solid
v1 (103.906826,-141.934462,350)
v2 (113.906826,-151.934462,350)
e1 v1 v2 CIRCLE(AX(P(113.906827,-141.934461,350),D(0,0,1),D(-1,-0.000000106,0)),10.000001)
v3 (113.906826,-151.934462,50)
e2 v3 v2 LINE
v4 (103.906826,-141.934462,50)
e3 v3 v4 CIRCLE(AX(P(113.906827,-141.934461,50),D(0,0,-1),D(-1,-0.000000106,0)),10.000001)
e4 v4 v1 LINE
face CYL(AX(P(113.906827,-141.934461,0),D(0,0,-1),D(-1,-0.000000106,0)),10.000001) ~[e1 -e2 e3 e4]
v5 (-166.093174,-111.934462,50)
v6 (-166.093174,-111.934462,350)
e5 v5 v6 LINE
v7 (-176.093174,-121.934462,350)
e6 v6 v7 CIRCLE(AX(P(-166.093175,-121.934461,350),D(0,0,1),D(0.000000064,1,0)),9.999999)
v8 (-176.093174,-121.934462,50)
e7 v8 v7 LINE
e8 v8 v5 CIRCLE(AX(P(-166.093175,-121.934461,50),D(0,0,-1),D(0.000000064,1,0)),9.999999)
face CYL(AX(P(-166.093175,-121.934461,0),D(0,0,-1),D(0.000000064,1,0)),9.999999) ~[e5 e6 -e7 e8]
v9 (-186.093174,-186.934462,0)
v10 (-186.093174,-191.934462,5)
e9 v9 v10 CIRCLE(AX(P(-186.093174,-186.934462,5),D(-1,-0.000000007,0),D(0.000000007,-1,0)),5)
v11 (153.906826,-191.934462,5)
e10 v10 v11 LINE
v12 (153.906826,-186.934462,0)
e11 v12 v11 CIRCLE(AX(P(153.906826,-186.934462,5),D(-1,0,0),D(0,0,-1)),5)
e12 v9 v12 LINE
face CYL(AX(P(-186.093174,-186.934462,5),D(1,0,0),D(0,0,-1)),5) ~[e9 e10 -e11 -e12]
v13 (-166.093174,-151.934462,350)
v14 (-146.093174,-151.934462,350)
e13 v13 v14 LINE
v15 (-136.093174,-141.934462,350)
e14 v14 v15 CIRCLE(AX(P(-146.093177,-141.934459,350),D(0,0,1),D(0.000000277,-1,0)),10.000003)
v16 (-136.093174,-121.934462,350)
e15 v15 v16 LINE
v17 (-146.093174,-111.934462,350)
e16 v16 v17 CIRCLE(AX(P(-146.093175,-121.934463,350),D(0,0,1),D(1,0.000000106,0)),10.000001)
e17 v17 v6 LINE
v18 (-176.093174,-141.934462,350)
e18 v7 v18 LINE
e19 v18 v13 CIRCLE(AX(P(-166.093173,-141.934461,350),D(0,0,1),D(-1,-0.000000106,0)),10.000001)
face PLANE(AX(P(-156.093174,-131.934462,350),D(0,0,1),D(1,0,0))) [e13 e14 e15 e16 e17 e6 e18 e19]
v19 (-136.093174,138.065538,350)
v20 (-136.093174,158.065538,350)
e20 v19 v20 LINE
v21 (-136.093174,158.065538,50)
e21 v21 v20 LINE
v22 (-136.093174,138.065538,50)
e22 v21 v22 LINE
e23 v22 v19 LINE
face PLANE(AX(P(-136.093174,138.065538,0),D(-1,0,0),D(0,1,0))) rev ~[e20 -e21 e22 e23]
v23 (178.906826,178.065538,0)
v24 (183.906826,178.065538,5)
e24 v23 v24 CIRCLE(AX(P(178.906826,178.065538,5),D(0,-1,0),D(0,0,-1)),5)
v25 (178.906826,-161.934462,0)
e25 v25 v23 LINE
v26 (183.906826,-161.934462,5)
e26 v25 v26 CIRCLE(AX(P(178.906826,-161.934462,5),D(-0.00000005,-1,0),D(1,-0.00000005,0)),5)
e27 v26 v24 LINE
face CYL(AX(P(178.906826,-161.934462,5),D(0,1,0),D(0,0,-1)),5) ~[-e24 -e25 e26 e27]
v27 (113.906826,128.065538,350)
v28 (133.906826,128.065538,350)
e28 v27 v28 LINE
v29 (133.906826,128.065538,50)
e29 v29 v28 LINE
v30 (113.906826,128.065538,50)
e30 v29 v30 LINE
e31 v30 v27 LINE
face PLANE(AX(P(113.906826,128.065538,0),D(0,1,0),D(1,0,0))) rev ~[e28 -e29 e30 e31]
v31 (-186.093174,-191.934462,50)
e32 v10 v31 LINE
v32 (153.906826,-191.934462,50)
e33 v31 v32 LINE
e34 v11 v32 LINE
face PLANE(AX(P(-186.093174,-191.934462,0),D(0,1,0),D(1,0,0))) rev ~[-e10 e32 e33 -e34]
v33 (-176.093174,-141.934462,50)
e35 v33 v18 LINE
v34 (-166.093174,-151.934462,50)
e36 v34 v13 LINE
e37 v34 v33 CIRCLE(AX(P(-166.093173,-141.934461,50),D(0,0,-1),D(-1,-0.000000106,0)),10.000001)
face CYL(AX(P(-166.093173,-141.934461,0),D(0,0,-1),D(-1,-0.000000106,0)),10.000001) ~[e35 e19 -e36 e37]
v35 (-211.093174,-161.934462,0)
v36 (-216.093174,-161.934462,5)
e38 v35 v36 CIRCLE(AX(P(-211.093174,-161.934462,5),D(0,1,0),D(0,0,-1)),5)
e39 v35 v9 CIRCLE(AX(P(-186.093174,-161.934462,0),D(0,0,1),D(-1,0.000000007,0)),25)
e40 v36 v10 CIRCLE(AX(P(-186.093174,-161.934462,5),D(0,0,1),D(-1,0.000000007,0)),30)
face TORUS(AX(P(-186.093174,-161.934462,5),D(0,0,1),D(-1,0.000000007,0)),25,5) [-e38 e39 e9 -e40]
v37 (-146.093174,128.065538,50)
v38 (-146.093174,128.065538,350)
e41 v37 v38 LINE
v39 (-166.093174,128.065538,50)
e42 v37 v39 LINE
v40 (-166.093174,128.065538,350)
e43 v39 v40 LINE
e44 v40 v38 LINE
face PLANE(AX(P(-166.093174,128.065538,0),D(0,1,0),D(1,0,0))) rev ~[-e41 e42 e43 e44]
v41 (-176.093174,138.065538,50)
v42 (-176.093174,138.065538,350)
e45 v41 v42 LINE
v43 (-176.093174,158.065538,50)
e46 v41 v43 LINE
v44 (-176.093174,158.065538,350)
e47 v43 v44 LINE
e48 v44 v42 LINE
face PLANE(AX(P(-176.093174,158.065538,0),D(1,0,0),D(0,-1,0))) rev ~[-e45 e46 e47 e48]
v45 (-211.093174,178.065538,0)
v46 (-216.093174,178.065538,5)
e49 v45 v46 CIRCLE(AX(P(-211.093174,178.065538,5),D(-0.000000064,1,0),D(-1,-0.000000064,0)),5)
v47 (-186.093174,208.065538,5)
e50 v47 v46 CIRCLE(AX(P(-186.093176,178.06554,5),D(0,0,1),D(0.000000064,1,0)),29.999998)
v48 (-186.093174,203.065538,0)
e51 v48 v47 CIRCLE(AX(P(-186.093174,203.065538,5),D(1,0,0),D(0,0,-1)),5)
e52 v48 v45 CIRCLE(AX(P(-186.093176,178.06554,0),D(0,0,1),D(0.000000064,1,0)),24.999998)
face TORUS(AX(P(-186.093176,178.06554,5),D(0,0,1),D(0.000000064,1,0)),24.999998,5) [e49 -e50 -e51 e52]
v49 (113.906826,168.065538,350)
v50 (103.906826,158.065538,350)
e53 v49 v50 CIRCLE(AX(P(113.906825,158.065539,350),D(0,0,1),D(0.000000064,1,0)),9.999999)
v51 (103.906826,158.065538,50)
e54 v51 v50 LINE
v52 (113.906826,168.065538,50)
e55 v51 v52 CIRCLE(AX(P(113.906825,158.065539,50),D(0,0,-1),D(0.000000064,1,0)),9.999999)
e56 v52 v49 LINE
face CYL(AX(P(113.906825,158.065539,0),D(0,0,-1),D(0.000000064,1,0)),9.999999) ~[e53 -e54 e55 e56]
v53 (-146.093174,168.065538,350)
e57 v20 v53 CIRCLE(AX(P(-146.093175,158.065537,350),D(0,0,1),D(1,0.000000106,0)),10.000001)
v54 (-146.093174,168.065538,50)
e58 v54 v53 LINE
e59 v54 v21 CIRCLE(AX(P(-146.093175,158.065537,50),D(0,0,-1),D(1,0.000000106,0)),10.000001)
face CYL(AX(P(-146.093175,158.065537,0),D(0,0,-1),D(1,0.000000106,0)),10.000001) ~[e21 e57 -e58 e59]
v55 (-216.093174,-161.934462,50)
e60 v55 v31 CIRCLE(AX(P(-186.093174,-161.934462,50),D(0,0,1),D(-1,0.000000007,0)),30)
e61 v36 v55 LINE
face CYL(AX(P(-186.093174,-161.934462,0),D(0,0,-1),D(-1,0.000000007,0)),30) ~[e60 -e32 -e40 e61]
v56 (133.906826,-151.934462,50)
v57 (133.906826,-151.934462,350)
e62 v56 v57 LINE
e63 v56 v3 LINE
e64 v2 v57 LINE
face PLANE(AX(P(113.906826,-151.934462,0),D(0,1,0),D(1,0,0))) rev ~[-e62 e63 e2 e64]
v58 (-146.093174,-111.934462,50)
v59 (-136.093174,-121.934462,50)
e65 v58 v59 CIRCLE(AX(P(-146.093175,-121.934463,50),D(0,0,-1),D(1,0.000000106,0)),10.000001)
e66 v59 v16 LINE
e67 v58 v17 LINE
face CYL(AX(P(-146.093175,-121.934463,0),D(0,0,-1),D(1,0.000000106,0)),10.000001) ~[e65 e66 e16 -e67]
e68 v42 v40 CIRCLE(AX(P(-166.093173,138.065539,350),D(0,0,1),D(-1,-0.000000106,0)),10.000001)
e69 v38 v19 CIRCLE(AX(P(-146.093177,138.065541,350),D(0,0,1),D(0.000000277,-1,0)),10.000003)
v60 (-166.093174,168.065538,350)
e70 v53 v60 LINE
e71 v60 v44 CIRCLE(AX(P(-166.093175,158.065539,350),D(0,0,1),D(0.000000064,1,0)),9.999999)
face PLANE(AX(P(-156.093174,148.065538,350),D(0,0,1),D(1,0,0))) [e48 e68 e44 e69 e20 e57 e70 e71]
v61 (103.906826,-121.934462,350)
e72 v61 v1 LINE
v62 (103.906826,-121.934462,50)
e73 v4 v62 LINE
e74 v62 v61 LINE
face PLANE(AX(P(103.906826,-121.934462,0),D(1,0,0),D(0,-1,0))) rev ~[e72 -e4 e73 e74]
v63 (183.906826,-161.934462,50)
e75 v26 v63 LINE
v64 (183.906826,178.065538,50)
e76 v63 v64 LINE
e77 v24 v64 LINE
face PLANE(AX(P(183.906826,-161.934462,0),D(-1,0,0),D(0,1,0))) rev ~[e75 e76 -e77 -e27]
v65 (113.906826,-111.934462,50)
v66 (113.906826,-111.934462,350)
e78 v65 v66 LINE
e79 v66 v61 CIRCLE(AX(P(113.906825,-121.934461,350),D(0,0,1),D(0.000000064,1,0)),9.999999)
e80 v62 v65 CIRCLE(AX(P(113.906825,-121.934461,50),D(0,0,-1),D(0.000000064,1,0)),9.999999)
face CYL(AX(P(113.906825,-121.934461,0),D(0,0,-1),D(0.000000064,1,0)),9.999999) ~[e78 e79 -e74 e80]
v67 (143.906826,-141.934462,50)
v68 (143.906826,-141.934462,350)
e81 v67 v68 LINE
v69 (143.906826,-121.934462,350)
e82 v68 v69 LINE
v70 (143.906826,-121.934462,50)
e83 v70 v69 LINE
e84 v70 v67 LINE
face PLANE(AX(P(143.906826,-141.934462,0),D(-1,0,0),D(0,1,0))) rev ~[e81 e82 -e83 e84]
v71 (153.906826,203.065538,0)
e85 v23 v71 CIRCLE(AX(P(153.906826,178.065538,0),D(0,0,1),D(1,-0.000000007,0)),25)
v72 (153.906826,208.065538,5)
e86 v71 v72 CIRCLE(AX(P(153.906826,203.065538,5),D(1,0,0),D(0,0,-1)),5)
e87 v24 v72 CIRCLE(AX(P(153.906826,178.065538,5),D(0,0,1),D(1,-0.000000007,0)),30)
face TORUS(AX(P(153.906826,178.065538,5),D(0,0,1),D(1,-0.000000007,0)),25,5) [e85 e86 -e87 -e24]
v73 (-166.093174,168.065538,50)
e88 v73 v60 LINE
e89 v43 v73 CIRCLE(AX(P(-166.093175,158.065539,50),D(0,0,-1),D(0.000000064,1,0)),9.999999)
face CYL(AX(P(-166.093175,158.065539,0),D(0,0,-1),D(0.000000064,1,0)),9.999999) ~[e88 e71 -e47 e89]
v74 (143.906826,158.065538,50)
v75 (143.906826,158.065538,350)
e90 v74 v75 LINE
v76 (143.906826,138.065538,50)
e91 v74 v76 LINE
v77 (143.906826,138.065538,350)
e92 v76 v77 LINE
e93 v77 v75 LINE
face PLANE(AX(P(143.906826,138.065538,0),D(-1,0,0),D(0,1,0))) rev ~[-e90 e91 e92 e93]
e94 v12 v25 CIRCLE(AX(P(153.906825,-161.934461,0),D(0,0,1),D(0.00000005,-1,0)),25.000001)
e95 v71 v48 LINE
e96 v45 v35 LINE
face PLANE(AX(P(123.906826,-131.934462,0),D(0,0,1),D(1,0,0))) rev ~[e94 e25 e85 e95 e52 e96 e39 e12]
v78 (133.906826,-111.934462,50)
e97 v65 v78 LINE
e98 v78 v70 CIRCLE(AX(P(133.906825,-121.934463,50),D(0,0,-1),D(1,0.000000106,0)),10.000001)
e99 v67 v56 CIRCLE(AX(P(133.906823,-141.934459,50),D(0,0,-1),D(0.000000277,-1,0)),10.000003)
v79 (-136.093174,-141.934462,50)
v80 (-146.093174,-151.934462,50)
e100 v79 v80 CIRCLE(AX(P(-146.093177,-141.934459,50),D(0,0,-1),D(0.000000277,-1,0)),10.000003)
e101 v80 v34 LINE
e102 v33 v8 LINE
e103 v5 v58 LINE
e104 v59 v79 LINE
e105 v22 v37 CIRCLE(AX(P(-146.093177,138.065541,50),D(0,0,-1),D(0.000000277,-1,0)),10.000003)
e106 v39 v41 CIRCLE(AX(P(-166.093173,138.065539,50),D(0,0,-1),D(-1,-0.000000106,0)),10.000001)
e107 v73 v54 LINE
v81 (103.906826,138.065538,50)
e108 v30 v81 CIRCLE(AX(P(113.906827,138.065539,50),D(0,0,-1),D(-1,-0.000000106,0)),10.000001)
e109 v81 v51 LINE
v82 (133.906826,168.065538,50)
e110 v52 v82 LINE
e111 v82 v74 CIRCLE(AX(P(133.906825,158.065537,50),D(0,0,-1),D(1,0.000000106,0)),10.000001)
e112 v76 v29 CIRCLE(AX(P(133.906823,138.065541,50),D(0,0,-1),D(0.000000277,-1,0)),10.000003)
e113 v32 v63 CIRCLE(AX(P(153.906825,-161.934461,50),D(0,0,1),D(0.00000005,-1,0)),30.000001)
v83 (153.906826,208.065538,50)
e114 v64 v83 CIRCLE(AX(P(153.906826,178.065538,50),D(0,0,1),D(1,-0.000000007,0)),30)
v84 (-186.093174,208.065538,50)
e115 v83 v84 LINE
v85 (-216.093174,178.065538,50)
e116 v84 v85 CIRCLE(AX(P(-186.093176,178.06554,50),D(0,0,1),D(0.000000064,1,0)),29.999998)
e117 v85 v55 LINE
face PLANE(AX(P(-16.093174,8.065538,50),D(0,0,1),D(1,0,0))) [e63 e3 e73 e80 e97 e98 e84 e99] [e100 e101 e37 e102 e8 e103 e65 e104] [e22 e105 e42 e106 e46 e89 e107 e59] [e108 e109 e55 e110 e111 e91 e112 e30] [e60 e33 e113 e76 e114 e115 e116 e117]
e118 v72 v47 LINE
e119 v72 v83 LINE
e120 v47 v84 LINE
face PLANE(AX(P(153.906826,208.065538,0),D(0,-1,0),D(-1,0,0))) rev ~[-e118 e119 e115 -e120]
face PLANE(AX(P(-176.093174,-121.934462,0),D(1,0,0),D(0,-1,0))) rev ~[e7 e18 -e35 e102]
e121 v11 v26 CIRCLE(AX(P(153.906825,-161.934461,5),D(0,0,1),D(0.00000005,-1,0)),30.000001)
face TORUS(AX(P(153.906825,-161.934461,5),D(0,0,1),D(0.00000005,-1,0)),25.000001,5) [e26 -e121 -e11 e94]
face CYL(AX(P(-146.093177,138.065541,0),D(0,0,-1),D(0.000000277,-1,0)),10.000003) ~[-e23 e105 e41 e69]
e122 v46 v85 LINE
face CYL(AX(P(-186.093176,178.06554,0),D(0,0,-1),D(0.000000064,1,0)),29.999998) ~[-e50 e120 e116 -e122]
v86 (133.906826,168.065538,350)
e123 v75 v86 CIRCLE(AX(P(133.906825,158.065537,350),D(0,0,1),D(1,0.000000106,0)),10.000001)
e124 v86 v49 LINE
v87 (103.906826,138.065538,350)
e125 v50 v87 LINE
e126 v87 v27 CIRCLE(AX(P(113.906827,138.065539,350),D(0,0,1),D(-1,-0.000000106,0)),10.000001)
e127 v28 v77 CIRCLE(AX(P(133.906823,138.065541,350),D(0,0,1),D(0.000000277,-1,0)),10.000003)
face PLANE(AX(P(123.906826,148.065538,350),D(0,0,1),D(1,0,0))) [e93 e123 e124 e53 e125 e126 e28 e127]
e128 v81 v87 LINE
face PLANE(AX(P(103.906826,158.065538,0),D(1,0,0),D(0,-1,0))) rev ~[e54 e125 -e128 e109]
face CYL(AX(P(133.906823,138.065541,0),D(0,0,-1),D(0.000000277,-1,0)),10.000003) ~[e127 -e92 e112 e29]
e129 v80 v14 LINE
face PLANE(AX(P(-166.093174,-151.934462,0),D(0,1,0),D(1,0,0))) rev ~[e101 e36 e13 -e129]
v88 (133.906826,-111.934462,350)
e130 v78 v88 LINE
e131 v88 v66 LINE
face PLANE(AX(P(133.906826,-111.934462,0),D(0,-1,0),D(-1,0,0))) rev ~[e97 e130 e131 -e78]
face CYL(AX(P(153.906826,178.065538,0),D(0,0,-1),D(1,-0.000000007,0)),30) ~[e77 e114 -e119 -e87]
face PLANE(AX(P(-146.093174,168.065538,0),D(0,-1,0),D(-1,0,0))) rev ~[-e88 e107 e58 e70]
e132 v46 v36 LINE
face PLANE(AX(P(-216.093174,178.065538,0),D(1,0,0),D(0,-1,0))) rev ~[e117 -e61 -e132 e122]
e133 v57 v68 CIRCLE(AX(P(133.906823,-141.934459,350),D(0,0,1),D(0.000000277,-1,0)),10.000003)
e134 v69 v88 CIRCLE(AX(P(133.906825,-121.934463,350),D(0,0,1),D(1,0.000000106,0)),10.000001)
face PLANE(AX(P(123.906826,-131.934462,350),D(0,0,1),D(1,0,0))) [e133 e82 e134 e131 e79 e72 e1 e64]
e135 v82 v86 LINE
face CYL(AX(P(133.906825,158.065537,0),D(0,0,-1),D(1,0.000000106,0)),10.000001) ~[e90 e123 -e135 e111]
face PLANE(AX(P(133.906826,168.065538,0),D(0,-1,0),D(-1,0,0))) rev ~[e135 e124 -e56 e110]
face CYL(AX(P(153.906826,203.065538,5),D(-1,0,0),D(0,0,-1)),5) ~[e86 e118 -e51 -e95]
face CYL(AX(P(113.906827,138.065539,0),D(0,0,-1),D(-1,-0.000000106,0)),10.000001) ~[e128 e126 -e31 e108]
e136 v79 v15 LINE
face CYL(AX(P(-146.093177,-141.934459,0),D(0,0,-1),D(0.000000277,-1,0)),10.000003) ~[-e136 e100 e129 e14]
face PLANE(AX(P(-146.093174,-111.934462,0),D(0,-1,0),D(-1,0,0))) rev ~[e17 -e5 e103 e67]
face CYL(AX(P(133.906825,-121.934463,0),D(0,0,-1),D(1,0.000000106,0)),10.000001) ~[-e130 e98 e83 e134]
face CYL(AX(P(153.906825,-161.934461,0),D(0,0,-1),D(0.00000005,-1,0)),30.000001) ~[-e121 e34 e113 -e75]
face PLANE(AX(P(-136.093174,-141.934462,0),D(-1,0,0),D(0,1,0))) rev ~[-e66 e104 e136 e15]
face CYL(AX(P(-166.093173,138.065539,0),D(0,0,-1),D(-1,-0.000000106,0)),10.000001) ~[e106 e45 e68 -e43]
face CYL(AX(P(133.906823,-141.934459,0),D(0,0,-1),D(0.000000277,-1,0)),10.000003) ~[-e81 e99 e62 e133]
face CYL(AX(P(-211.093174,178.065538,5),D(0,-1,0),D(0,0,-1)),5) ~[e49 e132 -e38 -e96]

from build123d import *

# Parameters (mm, degrees)
F1_DEPTH = 50
F3_DEPTH = 350
F4_R     = 5


with BuildPart() as f1:
    # F0 (on Top) → F1 (new body)
    with BuildSketch(Plane.XY):
        with BuildLine():
            Line((153.906826, 208.065538), (-186.093174, 208.065538))
            ThreePointArc((-186.093174, 208.065538), (-207.306378, 199.278742), (-216.093174, 178.065538))
            Line((-216.093174, 178.065538), (-216.093174, -161.934462))
            ThreePointArc((-216.093174, -161.934462), (-207.306378, -183.147665), (-186.093174, -191.934462))
            Line((-186.093174, -191.934462), (153.906826, -191.934462))
            ThreePointArc((153.906826, -191.934462), (175.120029, -183.147665), (183.906826, -161.934462))
            Line((183.906826, -161.934462), (183.906826, 178.065538))
            ThreePointArc((183.906826, 178.065538), (175.120029, 199.278742), (153.906826, 208.065538))
        make_face()
    extrude(amount=F1_DEPTH)

    # F2 (on Top) → F3 (join)
    with BuildSketch(Plane.XY):
        with BuildLine():
            Line((113.906826, -151.934462), (133.906826, -151.934462))
            ThreePointArc((133.906826, -151.934462), (140.977893, -149.005529), (143.906826, -141.934462))
            Line((143.906826, -141.934462), (143.906826, -121.934462))
            ThreePointArc((143.906826, -121.934462), (140.977893, -114.863394), (133.906826, -111.934462))
            Line((133.906826, -111.934462), (113.906826, -111.934462))
            ThreePointArc((113.906826, -111.934462), (106.835758, -114.863394), (103.906826, -121.934462))
            Line((103.906826, -121.934462), (103.906826, -141.934462))
            ThreePointArc((103.906826, -141.934462), (106.835758, -149.005529), (113.906826, -151.934462))
        make_face()
        with BuildLine():
            Line((113.906826, 128.065538), (133.906826, 128.065538))
            ThreePointArc((133.906826, 128.065538), (140.977893, 130.994471), (143.906826, 138.065538))
            Line((143.906826, 138.065538), (143.906826, 158.065538))
            ThreePointArc((143.906826, 158.065538), (140.977893, 165.136606), (133.906826, 168.065538))
            Line((133.906826, 168.065538), (113.906826, 168.065538))
            ThreePointArc((113.906826, 168.065538), (106.835758, 165.136606), (103.906826, 158.065538))
            Line((103.906826, 158.065538), (103.906826, 138.065538))
            ThreePointArc((103.906826, 138.065538), (106.835758, 130.994471), (113.906826, 128.065538))
        make_face()
        with BuildLine():
            Line((-166.093174, 128.065538), (-146.093174, 128.065538))
            ThreePointArc((-146.093174, 128.065538), (-139.022107, 130.994471), (-136.093174, 138.065538))
            Line((-136.093174, 138.065538), (-136.093174, 158.065538))
            ThreePointArc((-136.093174, 158.065538), (-139.022107, 165.136606), (-146.093174, 168.065538))
            Line((-146.093174, 168.065538), (-166.093174, 168.065538))
            ThreePointArc((-166.093174, 168.065538), (-173.164242, 165.136606), (-176.093174, 158.065538))
            Line((-176.093174, 158.065538), (-176.093174, 138.065538))
            ThreePointArc((-176.093174, 138.065538), (-173.164242, 130.994471), (-166.093174, 128.065538))
        make_face()
        with BuildLine():
            Line((-166.093174, -151.934462), (-146.093174, -151.934462))
            ThreePointArc((-146.093174, -151.934462), (-139.022107, -149.005529), (-136.093174, -141.934462))
            Line((-136.093174, -141.934462), (-136.093174, -121.934462))
            ThreePointArc((-136.093174, -121.934462), (-139.022107, -114.863394), (-146.093174, -111.934462))
            Line((-146.093174, -111.934462), (-166.093174, -111.934462))
            ThreePointArc((-166.093174, -111.934462), (-173.164242, -114.863394), (-176.093174, -121.934462))
            Line((-176.093174, -121.934462), (-176.093174, -141.934462))
            ThreePointArc((-176.093174, -141.934462), (-173.164242, -149.005529), (-166.093174, -151.934462))
        make_face()
    extrude(amount=F3_DEPTH)

    # F4
    f4_edges = [f1.edges().sort_by_distance(p)[0] for p in [
        (-16.093174, 208.065538, 0),
    ]]
    fillet(f4_edges, radius=F4_R)


solid = f1.part
